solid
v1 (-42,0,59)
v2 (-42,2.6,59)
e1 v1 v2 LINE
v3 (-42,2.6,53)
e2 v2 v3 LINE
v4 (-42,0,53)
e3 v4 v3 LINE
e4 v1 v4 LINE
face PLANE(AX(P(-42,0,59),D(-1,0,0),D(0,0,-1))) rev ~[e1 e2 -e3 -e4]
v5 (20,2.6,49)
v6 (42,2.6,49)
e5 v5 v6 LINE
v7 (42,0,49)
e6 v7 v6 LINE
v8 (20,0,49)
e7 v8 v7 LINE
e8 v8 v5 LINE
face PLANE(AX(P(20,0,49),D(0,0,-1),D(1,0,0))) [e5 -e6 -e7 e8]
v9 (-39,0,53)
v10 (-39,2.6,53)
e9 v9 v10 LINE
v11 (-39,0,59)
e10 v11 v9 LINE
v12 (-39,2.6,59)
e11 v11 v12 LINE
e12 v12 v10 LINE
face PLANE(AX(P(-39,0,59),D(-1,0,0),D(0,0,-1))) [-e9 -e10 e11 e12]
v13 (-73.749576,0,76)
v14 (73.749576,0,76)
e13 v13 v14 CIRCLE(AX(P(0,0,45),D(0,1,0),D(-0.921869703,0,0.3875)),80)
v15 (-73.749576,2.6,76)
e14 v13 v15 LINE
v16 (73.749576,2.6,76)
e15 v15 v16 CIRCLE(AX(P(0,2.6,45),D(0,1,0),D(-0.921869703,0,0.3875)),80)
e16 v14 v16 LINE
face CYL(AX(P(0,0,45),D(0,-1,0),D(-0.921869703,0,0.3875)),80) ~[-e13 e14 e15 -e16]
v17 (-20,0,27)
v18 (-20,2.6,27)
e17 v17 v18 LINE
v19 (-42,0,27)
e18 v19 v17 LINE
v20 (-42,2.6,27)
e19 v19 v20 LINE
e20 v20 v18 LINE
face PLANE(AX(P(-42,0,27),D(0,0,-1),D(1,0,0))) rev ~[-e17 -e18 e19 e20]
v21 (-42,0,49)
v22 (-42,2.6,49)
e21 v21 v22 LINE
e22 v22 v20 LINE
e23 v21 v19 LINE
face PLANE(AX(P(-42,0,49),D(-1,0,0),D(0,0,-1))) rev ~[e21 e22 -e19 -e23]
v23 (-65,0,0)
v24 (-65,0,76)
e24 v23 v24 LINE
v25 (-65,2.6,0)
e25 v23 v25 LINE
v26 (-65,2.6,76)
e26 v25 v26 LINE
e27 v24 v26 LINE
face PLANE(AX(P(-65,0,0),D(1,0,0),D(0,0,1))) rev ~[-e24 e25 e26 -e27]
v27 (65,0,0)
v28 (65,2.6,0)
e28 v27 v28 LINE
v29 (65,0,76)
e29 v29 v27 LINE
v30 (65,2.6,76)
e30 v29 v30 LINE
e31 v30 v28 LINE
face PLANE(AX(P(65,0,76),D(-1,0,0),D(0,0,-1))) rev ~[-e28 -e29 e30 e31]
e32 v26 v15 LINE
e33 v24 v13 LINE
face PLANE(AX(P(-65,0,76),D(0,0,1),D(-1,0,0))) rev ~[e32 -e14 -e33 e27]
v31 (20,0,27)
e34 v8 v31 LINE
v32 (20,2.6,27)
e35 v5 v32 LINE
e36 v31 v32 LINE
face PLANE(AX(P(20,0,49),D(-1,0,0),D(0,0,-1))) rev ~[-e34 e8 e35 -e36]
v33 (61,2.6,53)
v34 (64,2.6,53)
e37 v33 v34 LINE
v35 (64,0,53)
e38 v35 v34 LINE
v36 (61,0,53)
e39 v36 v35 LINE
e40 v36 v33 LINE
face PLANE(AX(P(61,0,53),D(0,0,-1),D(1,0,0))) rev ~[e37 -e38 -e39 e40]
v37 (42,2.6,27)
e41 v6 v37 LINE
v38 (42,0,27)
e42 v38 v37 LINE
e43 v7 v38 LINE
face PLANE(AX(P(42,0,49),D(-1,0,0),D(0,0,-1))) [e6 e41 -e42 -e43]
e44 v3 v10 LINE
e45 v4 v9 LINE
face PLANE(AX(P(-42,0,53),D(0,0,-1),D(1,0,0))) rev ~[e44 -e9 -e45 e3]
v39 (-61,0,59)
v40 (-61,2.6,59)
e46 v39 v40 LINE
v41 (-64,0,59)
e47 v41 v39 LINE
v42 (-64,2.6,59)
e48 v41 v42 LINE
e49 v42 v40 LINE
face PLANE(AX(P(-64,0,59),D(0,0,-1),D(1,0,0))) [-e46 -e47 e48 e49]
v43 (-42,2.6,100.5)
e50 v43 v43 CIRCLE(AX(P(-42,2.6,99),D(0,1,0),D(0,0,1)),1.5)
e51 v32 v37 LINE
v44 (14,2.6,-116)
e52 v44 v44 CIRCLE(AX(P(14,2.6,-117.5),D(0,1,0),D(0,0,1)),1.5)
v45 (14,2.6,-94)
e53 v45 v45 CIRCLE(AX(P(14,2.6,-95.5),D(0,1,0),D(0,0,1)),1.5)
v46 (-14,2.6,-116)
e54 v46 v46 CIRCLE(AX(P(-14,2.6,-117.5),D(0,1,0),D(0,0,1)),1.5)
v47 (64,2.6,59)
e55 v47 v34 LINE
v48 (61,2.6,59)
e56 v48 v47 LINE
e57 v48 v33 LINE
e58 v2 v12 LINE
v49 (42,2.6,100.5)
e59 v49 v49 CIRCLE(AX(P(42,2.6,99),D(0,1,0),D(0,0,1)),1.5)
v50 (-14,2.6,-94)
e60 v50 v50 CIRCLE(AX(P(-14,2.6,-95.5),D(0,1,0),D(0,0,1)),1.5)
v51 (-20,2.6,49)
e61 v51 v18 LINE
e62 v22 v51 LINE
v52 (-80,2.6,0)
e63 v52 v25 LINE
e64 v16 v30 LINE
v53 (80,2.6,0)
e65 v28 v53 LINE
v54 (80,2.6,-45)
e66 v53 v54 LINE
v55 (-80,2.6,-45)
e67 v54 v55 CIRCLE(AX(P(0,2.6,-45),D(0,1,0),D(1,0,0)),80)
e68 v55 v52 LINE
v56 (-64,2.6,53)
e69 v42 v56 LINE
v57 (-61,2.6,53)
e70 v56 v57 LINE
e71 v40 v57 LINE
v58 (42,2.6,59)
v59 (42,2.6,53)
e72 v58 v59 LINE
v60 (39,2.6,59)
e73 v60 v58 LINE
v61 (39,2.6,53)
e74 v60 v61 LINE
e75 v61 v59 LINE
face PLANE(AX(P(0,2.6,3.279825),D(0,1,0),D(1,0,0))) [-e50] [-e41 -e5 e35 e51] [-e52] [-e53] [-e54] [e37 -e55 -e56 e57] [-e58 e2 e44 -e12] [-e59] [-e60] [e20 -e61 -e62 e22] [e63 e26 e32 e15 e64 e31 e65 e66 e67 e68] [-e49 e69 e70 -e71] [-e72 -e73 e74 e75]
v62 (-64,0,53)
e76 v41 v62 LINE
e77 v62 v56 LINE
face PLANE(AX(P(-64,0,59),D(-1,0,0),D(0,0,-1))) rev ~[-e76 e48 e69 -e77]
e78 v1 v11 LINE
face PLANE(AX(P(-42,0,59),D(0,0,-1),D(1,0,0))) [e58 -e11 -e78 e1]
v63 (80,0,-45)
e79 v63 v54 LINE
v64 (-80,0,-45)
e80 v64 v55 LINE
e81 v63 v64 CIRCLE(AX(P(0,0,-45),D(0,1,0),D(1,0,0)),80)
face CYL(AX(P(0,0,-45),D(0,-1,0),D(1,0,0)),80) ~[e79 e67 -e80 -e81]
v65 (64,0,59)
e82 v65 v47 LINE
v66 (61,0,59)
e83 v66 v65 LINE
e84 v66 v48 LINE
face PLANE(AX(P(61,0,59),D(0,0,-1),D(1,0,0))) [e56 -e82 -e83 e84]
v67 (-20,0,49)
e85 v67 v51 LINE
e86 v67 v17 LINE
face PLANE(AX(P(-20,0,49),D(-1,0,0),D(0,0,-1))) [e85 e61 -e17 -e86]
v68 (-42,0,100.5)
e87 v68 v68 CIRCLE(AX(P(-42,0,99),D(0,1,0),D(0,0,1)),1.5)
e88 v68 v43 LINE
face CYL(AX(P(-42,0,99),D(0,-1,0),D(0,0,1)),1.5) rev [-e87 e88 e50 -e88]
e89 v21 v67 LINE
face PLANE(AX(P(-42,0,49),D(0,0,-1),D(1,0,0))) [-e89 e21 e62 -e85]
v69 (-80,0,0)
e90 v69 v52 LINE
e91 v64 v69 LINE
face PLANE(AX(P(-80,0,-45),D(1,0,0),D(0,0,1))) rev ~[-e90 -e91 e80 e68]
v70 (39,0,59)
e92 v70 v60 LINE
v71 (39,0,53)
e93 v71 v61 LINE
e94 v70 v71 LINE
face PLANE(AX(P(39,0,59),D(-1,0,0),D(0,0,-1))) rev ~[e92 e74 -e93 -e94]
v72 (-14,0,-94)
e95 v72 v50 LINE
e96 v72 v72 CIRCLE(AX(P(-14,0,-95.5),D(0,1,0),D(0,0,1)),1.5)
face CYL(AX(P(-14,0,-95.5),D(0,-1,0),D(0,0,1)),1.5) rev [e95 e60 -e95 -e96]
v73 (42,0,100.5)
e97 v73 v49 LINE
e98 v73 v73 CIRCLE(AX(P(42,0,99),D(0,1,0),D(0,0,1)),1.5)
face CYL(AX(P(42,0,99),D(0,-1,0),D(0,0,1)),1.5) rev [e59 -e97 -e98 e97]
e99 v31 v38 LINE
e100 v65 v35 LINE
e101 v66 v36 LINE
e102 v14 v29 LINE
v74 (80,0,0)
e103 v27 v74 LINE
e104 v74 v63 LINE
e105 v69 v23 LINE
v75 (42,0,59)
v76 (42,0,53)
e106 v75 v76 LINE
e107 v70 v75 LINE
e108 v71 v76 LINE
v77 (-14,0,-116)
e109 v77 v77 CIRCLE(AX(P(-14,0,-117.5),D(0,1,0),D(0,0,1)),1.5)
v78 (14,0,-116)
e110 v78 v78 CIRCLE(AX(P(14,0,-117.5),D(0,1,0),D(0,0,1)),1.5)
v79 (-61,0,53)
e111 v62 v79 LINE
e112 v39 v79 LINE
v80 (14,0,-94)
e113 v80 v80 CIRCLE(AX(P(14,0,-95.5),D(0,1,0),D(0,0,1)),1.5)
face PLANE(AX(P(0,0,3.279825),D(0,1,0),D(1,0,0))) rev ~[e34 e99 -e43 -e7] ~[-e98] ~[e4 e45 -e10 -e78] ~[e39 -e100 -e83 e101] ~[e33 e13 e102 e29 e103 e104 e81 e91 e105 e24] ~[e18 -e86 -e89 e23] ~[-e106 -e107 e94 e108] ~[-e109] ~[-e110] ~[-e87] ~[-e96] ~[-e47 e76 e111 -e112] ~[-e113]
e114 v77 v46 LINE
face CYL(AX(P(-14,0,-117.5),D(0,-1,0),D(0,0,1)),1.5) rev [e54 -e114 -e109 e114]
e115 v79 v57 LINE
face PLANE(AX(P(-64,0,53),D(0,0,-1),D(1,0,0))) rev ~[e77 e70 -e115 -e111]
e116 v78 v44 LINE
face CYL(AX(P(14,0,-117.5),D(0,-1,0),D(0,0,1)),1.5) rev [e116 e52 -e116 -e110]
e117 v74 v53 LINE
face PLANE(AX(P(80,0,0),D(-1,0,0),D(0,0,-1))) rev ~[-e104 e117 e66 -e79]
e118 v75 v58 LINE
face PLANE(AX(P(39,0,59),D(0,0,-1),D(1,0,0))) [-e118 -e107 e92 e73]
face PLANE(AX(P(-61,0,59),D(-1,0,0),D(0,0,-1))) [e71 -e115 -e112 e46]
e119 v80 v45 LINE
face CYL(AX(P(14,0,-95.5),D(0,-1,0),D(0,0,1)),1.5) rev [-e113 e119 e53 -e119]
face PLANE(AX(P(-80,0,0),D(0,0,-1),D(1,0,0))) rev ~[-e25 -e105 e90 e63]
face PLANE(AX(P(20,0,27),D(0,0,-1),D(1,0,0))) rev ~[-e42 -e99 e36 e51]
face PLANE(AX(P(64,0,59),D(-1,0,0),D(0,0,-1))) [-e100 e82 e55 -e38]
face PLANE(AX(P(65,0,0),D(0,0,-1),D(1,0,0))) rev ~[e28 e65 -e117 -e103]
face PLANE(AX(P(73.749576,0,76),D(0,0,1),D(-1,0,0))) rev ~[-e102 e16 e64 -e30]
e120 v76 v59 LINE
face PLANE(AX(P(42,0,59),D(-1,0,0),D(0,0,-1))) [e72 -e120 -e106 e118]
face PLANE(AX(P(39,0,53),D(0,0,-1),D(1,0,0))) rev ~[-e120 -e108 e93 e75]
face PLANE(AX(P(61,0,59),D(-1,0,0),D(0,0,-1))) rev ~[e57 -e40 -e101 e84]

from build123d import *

# Parameters (mm, degrees)
SKETCH2_R           = 1.5
SKETCH2_W           = 3
SKETCH2_H           = 6
SKETCH2_W_2         = 22
SKETCH2_H_2         = 22
BOSS_EXTRUDE2_DEPTH = 2.6


with BuildPart() as part:
    # Sketch2 → Boss-Extrude2 (new body)
    with BuildSketch(Plane(origin=(0, 0, 0), x_dir=(1, 0, 0), z_dir=(0, 1, 0))):
        with BuildLine():
            Line((-80, 45), (-80, 0))
            Line((-80, 0), (-65, 0))
            Line((-65, 0), (-65, -76))
            Line((-65, -76), (-73.74957627, -76))
            ThreePointArc((-73.74957627, -76), (0, -125), (73.74957627, -76))
            Line((73.74957627, -76), (65, -76))
            Line((65, -76), (65, 0))
            Line((65, 0), (80, 0))
            Line((80, 0), (80, 45))
            ThreePointArc((80, 45), (0, 125), (-80, 45))
        make_face()
        with Locations(Location((-42, -99, 0), (0, 0, 270))):
            Circle(SKETCH2_R, mode=Mode.SUBTRACT)
        with Locations((-62.5, -56)):
            Rectangle(SKETCH2_W, SKETCH2_H, mode=Mode.SUBTRACT)
        with Locations((-40.5, -56)):
            Rectangle(SKETCH2_W, SKETCH2_H, mode=Mode.SUBTRACT)
        with Locations((-31, -38)):
            Rectangle(SKETCH2_W_2, SKETCH2_H_2, mode=Mode.SUBTRACT)
        with Locations(Location((42, -99, 0), (0, 0, 270))):
            Circle(SKETCH2_R, mode=Mode.SUBTRACT)
        with Locations((40.5, -56)):
            Rectangle(SKETCH2_W, SKETCH2_H, mode=Mode.SUBTRACT)
        with Locations((31, -38)):
            Rectangle(SKETCH2_W_2, SKETCH2_H_2, mode=Mode.SUBTRACT)
        with Locations((62.5, -56)):
            Rectangle(SKETCH2_W, SKETCH2_H, mode=Mode.SUBTRACT)
        with Locations(Location((-14, 95.5, 0), (0, 0, 270))):
            Circle(SKETCH2_R, mode=Mode.SUBTRACT)
        with Locations(Location((-14, 117.5, 0), (0, 0, 270))):
            Circle(SKETCH2_R, mode=Mode.SUBTRACT)
        with Locations(Location((14, 95.5, 0), (0, 0, 270))):
            Circle(SKETCH2_R, mode=Mode.SUBTRACT)
        with Locations(Location((14, 117.5, 0), (0, 0, 270))):
            Circle(SKETCH2_R, mode=Mode.SUBTRACT)
    extrude(amount=BOSS_EXTRUDE2_DEPTH)


solid = part.part
